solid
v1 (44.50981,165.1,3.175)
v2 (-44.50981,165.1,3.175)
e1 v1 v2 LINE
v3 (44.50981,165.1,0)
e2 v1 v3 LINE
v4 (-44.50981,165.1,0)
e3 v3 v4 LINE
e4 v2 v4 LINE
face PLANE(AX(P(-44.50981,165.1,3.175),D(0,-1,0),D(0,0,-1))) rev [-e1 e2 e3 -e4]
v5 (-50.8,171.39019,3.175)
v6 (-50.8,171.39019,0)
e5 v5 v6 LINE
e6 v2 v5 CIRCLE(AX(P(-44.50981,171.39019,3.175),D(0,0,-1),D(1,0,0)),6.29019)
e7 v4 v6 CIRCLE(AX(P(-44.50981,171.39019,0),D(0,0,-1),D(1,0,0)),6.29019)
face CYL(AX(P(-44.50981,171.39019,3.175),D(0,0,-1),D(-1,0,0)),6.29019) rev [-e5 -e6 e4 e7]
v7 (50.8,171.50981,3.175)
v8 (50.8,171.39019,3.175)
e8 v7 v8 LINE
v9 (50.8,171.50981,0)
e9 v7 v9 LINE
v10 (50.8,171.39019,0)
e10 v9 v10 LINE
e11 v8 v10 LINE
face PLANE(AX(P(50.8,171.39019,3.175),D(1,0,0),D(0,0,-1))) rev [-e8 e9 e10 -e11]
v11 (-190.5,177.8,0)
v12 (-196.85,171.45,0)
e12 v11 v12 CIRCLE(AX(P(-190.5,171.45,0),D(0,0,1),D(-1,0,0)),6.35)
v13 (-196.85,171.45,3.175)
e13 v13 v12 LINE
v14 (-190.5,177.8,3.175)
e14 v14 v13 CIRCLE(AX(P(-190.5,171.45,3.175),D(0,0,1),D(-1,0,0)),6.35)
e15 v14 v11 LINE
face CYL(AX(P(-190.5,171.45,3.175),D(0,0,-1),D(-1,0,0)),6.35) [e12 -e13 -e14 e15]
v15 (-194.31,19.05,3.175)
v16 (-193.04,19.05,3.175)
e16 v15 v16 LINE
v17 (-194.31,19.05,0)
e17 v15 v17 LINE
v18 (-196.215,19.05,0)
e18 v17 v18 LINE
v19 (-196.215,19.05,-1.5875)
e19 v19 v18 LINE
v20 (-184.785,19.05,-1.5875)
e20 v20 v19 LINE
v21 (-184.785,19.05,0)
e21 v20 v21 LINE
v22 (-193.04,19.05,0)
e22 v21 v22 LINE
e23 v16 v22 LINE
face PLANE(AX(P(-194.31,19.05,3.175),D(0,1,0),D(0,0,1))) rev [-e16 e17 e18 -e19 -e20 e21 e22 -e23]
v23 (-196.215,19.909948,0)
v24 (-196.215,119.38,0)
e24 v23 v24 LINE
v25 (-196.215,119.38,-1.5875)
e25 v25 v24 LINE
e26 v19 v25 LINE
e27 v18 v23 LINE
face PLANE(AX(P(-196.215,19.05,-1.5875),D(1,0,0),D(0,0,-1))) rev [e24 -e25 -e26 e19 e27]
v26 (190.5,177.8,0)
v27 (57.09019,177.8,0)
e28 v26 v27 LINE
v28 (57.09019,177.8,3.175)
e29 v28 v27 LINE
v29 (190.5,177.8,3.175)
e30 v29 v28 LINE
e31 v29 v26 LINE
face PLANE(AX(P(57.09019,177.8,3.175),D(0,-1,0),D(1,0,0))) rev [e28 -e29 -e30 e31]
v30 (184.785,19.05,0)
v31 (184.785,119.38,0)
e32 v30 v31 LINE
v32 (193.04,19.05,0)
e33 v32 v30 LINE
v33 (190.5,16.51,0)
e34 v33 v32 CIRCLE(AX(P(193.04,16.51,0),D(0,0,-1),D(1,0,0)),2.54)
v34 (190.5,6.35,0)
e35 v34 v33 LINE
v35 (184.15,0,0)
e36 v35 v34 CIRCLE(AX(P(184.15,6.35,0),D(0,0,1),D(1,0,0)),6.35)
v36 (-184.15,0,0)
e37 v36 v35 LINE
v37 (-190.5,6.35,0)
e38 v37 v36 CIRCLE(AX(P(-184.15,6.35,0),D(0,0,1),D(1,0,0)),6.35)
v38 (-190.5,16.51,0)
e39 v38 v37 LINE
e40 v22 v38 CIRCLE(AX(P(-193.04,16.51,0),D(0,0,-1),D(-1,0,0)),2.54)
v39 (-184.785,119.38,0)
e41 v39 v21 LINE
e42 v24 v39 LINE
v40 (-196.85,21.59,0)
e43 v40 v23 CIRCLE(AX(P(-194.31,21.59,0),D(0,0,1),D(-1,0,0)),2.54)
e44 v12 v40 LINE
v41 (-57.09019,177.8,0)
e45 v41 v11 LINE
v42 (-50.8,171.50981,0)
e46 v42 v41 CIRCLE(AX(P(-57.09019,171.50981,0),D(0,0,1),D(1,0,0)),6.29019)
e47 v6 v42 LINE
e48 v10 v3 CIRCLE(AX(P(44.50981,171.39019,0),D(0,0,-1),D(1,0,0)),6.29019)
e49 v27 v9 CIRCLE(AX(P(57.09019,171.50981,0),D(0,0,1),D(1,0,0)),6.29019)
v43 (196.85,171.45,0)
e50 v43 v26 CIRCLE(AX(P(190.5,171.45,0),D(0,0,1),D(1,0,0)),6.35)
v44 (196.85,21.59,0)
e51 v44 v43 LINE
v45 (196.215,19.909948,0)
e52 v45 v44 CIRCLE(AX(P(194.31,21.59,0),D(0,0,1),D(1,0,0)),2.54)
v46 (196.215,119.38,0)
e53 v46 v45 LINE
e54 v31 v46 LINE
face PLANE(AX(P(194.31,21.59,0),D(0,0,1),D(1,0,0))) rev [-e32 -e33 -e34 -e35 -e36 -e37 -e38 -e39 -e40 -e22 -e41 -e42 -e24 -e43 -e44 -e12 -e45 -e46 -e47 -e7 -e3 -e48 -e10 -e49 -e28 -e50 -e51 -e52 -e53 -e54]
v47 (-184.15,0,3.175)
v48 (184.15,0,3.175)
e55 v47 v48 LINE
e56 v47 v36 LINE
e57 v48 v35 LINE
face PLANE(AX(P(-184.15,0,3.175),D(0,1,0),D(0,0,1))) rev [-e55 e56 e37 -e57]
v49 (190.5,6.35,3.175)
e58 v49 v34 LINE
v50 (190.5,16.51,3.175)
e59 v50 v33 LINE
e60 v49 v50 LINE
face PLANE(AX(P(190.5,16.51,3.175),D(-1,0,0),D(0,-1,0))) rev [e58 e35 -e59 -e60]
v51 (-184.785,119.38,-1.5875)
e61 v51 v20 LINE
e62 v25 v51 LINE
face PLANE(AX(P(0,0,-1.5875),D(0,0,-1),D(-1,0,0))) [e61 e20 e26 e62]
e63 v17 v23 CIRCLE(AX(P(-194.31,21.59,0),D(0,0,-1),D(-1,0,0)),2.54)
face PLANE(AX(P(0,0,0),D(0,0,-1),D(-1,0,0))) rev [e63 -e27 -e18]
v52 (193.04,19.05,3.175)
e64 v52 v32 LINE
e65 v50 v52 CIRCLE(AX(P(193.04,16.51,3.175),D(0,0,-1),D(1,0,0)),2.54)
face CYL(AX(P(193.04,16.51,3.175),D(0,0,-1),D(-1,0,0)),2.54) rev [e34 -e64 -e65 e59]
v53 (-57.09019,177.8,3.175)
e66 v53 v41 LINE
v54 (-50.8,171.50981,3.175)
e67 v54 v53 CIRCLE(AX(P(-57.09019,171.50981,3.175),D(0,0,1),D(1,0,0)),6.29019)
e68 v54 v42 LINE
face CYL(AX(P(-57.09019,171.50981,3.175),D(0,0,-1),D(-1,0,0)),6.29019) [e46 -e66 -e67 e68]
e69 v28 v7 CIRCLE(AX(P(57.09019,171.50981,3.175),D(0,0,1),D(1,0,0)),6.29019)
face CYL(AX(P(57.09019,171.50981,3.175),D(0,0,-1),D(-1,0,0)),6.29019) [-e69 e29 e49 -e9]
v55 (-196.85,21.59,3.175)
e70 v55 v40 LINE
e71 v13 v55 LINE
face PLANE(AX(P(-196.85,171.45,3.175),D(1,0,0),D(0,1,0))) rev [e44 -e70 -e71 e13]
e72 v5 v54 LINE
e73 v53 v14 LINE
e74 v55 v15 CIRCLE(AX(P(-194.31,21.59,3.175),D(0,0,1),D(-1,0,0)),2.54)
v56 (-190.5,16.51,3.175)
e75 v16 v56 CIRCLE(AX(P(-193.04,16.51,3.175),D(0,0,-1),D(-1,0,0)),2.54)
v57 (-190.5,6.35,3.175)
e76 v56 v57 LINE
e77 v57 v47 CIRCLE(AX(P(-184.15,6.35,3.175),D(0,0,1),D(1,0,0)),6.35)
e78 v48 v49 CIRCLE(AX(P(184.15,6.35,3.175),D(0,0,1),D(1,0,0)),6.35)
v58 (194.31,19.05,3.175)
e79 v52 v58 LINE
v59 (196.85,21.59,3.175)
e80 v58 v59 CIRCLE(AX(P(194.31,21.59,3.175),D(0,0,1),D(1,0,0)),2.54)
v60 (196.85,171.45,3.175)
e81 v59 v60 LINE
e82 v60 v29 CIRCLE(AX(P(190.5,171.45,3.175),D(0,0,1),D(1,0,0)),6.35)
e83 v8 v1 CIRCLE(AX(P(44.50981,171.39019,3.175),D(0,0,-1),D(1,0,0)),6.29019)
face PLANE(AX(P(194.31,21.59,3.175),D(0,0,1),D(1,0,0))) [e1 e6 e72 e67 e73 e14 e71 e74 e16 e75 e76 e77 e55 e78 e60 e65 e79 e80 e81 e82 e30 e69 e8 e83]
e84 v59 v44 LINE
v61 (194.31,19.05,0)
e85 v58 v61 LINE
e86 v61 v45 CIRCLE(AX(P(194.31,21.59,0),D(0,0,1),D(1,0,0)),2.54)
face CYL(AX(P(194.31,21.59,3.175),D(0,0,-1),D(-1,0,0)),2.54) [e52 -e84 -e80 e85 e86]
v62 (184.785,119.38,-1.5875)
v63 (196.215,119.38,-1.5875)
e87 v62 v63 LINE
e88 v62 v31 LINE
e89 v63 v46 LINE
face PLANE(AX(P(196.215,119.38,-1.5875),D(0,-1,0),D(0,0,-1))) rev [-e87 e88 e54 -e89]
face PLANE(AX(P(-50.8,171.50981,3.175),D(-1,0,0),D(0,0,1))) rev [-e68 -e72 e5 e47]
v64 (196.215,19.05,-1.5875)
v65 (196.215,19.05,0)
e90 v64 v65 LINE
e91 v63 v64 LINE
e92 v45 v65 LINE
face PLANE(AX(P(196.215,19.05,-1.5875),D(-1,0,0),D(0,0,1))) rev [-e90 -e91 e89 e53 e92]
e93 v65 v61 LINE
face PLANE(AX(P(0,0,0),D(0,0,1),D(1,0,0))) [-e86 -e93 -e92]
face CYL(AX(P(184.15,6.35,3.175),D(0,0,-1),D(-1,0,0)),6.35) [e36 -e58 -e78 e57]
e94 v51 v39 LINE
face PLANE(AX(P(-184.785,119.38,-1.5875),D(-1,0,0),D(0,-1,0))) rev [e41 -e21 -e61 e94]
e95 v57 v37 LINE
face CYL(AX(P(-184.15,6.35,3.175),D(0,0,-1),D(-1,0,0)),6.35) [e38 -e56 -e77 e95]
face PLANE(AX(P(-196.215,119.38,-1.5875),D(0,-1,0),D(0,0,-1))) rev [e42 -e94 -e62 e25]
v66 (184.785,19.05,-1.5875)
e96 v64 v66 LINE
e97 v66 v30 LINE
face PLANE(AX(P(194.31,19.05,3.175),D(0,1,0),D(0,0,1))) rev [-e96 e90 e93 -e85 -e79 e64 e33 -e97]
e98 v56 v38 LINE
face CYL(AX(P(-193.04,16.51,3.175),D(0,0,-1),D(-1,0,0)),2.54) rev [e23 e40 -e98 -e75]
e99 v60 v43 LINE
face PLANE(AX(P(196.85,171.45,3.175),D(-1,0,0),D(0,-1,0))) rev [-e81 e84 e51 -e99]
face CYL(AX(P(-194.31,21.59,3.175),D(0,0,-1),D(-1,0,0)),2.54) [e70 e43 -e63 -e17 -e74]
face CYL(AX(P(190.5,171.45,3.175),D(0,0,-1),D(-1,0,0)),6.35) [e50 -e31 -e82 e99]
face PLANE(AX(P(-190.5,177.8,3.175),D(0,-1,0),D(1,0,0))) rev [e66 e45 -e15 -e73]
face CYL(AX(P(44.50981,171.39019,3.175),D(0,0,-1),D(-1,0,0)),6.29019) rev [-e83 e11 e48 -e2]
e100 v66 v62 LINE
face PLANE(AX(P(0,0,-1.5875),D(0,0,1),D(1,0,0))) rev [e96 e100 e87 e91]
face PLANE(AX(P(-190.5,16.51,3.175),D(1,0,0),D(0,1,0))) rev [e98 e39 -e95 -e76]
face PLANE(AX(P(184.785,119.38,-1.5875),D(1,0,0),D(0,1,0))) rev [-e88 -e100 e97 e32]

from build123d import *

# Parameters (mm, degrees)
BOSS_EXTRUDE1_DEPTH = 3.175
SKETCH2_W           = 11.43
SKETCH2_H           = 100.33
BOSS_EXTRUDE2_DEPTH = 1.5875


with BuildPart() as part:
    # Sketch1 → Boss-Extrude1 (new body)
    with BuildSketch(Plane.XY):
        with BuildLine():
            Line((-50.8, 171.390190343), (-50.8, 171.509809657))
            ThreePointArc((-50.8, 171.509809657), (-52.642354096, 175.957645904), (-57.090190343, 177.8))
            Line((-57.090190343, 177.8), (-190.5, 177.8))
            ThreePointArc((-190.5, 177.8), (-194.990128061, 175.940128061), (-196.85, 171.45))
            Line((-196.85, 171.45), (-196.85, 21.59))
            ThreePointArc((-196.85, 21.59), (-196.106051224, 19.793948776), (-194.31, 19.05))
            Line((-194.31, 19.05), (-193.04, 19.05))
            ThreePointArc((-193.04, 19.05), (-191.243948776, 18.306051224), (-190.5, 16.51))
            Line((-190.5, 16.51), (-190.5, 6.35))
            ThreePointArc((-190.5, 6.35), (-188.640128061, 1.859871939), (-184.15, 0))
            Line((-184.15, 0), (184.15, 0))
            ThreePointArc((184.15, 0), (188.640128061, 1.859871939), (190.5, 6.35))
            Line((190.5, 6.35), (190.5, 16.51))
            ThreePointArc((190.5, 16.51), (191.243948776, 18.306051224), (193.04, 19.05))
            Line((193.04, 19.05), (194.31, 19.05))
            ThreePointArc((194.31, 19.05), (196.106051224, 19.793948776), (196.85, 21.59))
            Line((196.85, 21.59), (196.85, 171.45))
            ThreePointArc((196.85, 171.45), (194.990128061, 175.940128061), (190.5, 177.8))
            Line((190.5, 177.8), (57.090190343, 177.8))
            ThreePointArc((57.090190343, 177.8), (52.642354096, 175.957645904), (50.8, 171.509809657))
            Line((50.8, 171.509809657), (50.8, 171.390190343))
            ThreePointArc((50.8, 171.390190343), (48.957645904, 166.942354096), (44.509809657, 165.1))
            Line((44.509809657, 165.1), (-44.509809657, 165.1))
            ThreePointArc((-44.509809657, 165.1), (-48.957645904, 166.942354096), (-50.8, 171.390190343))
        make_face()
    extrude(amount=BOSS_EXTRUDE1_DEPTH)

    # Sketch2 → Boss-Extrude2 (add)
    with BuildSketch(Plane(origin=(0, 0, 0), x_dir=(-1, 0, 0), z_dir=(0, 0, -1))):
        with Locations((-190.5, 69.215)):
            Rectangle(SKETCH2_W, SKETCH2_H)
        with Locations((190.5, 69.215)):
            Rectangle(SKETCH2_W, SKETCH2_H)
    extrude(amount=BOSS_EXTRUDE2_DEPTH)


solid = part.part
